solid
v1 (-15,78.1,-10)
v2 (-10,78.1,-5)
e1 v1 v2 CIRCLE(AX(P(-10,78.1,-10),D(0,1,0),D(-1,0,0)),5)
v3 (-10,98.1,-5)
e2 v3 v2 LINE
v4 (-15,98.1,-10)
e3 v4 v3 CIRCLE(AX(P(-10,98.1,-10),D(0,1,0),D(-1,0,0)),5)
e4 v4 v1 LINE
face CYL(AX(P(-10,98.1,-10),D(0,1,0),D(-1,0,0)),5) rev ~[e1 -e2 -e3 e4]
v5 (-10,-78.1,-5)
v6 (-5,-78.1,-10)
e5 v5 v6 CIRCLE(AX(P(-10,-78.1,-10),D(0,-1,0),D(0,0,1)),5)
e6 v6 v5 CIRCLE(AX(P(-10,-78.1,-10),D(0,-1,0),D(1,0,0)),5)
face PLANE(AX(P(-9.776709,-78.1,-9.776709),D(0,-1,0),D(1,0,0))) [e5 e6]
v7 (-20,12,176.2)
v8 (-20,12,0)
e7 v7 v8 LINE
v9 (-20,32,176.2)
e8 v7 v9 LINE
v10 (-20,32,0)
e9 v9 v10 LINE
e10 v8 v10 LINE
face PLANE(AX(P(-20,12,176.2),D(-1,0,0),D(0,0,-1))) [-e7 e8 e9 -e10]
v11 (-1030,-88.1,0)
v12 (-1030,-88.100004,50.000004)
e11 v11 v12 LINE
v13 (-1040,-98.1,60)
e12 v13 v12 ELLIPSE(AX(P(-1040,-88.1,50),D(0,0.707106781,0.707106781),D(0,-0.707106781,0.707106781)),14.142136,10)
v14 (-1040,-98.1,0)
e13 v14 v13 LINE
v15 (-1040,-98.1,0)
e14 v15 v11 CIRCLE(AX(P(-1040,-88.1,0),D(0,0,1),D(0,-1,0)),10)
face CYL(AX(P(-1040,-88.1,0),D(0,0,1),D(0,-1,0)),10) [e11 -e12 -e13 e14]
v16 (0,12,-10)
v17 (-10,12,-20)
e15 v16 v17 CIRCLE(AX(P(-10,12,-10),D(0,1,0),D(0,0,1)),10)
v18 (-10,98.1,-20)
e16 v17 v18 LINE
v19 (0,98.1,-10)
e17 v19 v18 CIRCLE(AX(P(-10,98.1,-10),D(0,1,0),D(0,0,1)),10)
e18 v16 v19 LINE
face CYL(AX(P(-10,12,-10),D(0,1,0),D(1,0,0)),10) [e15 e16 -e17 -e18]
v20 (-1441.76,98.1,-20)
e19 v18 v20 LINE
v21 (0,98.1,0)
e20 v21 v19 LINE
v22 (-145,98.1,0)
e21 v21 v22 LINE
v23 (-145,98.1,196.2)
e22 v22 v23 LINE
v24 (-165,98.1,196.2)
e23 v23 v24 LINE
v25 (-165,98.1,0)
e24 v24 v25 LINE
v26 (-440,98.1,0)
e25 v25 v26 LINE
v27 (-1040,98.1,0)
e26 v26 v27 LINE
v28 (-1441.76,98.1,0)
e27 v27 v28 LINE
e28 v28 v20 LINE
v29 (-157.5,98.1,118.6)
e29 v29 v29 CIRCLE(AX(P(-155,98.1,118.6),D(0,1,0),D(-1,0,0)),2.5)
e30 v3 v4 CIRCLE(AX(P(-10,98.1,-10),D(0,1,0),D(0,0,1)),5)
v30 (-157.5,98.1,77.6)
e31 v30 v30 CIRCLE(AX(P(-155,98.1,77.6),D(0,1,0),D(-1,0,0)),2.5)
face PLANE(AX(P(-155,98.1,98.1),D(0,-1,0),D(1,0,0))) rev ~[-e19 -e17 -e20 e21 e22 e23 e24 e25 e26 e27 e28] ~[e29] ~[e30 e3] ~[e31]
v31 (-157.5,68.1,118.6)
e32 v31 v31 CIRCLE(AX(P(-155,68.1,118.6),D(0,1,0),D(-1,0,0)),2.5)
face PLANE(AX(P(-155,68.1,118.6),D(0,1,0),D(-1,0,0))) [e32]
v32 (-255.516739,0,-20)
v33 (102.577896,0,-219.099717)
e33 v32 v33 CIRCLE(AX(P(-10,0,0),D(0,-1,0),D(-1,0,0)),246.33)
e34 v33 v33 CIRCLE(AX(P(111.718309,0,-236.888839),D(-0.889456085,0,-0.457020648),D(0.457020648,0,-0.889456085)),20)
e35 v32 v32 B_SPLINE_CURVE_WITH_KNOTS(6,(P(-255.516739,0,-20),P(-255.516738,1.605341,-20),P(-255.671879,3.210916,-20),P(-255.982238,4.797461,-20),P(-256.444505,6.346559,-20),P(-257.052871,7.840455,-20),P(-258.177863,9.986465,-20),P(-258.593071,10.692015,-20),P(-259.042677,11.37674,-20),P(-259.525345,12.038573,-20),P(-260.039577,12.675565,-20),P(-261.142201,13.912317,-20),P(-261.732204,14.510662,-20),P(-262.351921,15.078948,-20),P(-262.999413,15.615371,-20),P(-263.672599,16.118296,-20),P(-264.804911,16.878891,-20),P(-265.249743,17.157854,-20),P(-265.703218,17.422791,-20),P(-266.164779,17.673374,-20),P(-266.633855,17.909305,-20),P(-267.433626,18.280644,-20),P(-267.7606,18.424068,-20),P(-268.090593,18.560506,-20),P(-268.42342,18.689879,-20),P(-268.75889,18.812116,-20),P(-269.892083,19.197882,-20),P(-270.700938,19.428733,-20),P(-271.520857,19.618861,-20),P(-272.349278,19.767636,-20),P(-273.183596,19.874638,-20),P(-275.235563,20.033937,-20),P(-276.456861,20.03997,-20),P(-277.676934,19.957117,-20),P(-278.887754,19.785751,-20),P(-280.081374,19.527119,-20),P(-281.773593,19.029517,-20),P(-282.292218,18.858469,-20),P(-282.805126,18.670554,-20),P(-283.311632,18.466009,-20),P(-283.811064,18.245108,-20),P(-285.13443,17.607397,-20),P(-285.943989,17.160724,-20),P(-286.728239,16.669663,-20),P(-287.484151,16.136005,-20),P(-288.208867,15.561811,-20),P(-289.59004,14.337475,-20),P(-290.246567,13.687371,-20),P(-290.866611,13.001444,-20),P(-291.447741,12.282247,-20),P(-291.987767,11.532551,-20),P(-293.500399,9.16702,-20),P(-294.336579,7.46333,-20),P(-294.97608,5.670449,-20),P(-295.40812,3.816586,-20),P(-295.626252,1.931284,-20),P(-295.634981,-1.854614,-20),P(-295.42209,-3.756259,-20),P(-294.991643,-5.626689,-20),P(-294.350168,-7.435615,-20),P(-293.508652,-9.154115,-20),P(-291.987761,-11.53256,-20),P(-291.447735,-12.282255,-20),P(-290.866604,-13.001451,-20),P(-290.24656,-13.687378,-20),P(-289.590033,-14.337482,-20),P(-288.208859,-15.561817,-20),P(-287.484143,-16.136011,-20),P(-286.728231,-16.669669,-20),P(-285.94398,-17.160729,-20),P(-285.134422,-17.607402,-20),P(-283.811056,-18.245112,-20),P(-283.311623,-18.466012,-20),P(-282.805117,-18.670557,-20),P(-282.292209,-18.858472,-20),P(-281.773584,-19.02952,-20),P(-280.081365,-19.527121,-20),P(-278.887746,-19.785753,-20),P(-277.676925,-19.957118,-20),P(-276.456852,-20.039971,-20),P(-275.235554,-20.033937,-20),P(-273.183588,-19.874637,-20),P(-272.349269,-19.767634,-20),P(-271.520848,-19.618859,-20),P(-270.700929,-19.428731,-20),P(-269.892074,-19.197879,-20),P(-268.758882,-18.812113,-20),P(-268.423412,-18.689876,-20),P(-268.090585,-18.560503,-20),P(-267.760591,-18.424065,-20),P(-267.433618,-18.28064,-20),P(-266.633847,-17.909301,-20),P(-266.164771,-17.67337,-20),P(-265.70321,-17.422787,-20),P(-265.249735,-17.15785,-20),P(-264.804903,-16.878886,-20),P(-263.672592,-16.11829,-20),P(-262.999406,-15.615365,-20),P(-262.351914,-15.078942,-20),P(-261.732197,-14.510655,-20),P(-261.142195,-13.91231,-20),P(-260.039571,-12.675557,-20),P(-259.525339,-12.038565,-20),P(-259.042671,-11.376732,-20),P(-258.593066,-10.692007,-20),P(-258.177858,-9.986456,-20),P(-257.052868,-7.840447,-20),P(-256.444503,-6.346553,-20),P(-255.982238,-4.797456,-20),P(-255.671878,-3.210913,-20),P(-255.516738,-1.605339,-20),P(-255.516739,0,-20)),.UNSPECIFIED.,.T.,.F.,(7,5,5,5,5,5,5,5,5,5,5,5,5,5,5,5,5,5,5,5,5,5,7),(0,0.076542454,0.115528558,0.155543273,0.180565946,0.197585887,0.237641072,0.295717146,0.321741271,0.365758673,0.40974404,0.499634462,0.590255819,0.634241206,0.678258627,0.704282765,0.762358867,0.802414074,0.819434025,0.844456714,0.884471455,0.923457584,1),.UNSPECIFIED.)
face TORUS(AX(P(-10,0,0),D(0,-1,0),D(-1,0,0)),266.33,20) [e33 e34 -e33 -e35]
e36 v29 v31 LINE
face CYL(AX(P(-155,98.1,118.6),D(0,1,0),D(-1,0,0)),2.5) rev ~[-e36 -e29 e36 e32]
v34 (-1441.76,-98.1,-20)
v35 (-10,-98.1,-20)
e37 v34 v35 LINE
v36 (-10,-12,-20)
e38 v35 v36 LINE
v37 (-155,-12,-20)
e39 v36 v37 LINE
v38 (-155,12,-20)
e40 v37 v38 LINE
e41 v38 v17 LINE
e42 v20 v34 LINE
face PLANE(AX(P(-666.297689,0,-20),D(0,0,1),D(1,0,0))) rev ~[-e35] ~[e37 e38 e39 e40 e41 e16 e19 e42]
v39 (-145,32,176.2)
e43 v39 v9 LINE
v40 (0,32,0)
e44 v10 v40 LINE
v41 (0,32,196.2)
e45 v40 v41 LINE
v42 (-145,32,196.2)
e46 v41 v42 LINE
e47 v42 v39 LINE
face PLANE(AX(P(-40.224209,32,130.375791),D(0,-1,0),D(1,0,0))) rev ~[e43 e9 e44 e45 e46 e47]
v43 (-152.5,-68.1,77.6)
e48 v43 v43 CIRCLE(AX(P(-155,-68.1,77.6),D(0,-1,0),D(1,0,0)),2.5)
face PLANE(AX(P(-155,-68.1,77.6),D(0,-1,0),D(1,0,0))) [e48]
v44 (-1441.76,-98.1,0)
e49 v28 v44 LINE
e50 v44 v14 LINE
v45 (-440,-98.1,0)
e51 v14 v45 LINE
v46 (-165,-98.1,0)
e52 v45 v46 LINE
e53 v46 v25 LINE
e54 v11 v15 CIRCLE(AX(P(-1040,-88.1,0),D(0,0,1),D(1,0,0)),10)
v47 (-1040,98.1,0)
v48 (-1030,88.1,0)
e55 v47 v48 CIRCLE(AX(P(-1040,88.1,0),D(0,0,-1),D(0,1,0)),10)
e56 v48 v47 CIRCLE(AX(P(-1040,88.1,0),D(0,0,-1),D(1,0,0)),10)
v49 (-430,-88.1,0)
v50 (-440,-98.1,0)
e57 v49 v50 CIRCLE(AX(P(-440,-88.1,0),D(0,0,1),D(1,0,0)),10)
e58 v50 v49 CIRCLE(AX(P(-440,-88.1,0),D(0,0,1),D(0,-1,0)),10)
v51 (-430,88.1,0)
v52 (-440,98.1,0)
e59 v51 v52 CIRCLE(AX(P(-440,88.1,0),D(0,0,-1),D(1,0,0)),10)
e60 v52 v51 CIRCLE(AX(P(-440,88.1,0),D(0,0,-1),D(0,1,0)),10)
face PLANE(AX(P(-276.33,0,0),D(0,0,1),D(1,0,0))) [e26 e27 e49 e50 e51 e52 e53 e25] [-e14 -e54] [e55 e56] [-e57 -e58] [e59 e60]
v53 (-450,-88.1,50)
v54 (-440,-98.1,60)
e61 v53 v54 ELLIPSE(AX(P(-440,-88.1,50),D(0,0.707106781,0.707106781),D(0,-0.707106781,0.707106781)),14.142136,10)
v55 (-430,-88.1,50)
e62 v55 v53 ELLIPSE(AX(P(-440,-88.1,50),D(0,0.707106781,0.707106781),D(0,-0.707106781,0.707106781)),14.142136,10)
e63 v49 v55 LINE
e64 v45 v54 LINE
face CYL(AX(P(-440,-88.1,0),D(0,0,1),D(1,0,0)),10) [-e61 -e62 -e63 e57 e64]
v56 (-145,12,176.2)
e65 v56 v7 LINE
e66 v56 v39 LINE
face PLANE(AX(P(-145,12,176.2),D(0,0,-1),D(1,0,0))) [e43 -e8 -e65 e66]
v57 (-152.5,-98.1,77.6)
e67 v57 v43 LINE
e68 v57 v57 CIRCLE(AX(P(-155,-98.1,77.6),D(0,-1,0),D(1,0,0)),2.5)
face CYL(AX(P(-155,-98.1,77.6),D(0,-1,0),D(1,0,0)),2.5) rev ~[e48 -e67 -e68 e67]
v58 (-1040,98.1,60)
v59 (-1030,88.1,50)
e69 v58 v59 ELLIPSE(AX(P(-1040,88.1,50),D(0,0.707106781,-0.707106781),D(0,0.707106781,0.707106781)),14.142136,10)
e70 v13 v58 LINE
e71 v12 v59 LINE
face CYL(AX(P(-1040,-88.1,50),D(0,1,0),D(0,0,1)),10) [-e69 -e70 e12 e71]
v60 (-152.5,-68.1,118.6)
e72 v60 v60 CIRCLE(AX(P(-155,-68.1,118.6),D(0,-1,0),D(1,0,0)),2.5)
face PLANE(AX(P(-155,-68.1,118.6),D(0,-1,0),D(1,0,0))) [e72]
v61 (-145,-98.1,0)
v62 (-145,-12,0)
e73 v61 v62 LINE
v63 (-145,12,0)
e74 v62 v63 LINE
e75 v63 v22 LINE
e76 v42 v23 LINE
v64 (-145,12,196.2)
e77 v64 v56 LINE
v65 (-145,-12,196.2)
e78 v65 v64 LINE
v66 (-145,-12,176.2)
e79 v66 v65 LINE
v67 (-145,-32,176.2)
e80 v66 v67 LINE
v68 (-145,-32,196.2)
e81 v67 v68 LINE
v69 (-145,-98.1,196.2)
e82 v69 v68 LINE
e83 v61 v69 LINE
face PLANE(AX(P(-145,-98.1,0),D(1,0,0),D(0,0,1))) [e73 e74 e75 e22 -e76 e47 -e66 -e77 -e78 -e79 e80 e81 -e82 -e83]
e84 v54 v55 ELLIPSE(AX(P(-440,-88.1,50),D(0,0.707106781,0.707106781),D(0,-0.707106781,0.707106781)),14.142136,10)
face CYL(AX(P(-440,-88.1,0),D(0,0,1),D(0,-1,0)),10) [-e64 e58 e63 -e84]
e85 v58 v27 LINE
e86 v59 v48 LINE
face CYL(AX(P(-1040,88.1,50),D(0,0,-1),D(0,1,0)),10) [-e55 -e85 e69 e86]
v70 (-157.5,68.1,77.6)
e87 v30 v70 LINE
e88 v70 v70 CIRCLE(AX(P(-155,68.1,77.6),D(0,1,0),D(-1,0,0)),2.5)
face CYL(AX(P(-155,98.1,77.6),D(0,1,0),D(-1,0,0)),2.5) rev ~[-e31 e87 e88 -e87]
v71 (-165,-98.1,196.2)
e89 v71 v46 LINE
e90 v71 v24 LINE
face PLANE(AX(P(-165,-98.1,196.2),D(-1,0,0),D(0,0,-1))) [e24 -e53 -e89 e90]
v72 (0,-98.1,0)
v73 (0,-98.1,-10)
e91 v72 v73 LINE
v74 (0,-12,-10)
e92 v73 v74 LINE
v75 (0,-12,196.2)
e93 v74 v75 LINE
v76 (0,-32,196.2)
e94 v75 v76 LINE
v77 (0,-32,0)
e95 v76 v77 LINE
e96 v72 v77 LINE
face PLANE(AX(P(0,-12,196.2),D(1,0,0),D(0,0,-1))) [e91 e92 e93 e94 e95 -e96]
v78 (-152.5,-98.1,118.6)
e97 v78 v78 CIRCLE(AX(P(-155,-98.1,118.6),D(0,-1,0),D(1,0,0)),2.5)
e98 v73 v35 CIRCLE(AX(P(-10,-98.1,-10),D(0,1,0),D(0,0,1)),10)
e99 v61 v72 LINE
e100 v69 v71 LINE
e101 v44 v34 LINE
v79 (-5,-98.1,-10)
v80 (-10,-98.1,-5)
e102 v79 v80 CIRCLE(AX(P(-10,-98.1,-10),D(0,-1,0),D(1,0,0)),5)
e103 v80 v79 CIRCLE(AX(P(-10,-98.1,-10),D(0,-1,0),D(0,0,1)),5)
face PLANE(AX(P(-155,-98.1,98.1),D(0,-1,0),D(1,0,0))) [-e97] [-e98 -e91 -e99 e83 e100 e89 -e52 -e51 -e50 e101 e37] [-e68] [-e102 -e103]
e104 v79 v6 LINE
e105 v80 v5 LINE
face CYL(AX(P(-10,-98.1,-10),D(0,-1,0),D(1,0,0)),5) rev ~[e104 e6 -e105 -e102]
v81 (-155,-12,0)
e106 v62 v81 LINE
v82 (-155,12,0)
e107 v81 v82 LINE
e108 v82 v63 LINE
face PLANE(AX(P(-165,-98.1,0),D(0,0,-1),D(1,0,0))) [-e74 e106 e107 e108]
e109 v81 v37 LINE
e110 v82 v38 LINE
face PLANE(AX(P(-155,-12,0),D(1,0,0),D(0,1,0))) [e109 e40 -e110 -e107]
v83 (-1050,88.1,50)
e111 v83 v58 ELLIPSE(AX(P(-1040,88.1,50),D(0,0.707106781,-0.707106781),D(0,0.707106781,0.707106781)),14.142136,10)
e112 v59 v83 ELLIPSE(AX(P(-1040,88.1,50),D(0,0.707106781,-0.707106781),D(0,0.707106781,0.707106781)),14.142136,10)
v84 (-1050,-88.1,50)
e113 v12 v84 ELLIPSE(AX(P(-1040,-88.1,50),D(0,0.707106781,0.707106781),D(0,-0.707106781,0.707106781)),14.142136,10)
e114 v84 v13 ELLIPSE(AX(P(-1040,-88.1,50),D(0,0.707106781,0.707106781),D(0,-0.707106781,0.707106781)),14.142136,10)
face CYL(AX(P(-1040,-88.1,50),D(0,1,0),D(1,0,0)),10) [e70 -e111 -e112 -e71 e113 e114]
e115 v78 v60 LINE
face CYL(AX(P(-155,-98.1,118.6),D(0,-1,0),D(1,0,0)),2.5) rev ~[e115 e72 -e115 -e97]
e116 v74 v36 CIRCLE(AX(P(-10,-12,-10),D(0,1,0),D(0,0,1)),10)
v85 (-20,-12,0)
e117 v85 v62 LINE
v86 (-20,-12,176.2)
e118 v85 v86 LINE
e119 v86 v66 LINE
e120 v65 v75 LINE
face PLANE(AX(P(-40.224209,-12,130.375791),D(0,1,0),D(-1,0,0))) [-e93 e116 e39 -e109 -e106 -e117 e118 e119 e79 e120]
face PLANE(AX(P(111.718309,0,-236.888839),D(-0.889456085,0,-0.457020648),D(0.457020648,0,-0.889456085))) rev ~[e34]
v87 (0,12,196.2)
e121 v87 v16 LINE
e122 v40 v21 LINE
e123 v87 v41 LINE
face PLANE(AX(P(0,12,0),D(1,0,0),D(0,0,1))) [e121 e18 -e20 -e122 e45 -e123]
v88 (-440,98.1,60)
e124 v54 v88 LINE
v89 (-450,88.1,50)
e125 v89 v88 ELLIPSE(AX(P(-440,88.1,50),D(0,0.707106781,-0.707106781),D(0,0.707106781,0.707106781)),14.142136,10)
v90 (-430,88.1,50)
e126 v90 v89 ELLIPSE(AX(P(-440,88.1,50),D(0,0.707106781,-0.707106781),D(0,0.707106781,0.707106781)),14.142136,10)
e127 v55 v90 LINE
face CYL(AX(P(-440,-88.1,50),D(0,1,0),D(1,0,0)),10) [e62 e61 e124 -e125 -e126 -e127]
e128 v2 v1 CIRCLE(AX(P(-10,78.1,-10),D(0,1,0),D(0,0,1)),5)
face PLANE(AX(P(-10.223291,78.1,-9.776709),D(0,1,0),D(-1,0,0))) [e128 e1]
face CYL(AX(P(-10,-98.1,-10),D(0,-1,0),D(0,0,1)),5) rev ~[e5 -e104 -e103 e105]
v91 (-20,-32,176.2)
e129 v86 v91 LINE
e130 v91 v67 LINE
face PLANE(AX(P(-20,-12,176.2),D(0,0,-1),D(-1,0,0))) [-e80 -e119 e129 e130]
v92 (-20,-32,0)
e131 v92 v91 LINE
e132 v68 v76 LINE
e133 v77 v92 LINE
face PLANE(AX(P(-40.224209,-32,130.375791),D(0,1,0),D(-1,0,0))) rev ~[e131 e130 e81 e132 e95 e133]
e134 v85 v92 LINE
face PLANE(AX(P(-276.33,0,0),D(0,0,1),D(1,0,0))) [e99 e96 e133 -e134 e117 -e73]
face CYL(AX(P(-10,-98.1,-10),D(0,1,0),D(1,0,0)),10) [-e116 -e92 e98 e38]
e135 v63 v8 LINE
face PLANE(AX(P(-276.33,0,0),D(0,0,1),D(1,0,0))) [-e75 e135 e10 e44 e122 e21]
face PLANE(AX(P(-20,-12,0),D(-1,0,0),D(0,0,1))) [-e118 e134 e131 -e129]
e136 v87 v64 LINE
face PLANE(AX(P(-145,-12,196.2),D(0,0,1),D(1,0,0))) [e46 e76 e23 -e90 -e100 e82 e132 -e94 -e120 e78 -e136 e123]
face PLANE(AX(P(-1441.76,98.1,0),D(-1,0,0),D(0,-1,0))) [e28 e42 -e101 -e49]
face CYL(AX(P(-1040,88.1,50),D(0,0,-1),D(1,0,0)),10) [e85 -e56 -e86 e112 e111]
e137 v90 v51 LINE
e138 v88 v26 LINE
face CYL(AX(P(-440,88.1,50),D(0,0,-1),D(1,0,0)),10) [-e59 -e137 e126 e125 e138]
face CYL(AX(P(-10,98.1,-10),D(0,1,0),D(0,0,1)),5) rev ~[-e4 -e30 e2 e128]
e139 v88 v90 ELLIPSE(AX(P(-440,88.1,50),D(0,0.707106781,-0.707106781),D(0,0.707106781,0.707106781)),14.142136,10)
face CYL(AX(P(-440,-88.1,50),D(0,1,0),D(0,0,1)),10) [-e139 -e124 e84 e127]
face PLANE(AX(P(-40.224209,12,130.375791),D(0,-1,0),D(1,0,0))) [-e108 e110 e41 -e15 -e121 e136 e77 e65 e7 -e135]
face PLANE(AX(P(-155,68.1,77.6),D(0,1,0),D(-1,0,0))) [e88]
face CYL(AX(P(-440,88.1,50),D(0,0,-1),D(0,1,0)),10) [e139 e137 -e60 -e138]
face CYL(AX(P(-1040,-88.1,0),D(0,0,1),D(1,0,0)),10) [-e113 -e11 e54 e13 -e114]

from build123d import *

# Parameters (mm, degrees)
F1_DEPTH  = 20
F2_R      = 10
F5_R      = 20
F9_DEPTH  = 196.2
F11_R     = 2.5
F12_DEPTH = 30
F14_R     = 2.5
F15_DEPTH = 30
F18_DEPTH = 20
F21_DEPTH = 20
F23_DEPTH = 20
F26_DEPTH = 20


with BuildPart() as f1:
    # F0 (on Top) → F1 (new body)
    with BuildSketch(Plane.XY):
        Polygon((0, -98.1), (0, -12), (-155, -12), (-155, 0), (-155, 12), (0, 12), (0, 98.1), (-1441.76, 98.1), (-1441.76, -98.1), align=None)
    extrude(amount=-F1_DEPTH)

    # F2
    f2_edges = [f1.edges().sort_by_distance(p)[0] for p in [
        (0, -55.05, -20),
        (0, 55.05, -20),
    ]]
    fillet(f2_edges, radius=F2_R)

    # F6: sweep along a path in F4
    with BuildLine(Plane.XZ) as f6_path:
        ThreePointArc((-276.33, 0), (-148.7703707389, -227.3201555186), (111.7183092779, -236.8888390924))
    # F5 (on Top) → F6 (sweep)
    with BuildSketch(Plane.XY):
        with Locations((-276.33, 0)):
            Circle(F5_R)
    sweep(path=f6_path.line)

    # F8 (on offset) → F9 (join)
    with BuildSketch(Plane.XZ.offset(98.1)):
        Polygon((-155, 0), (-145, 0), (-145, 196.2), (-155, 196.2), (-165, 196.2), (-165, 0), align=None)
    extrude(amount=-F9_DEPTH)

    # F11 (on offset) → F12 (cut)
    with BuildSketch(Plane.XZ.offset(98.1)):
        with Locations((-155, 118.6)):
            Circle(F11_R)
        with Locations((-155, 77.6)):
            Circle(F11_R)
    extrude(amount=-F12_DEPTH, mode=Mode.SUBTRACT)

    # F14 (on offset) → F15 (cut)
    with BuildSketch(Plane(origin=(0, 98.1, 0), x_dir=(-1, 0, 0), z_dir=(0, 1, 0))):
        with Locations((155, 118.6)):
            Circle(F14_R)
        with Locations((155, 77.6)):
            Circle(F14_R)
    extrude(amount=-F15_DEPTH, mode=Mode.SUBTRACT)

    # F17 (on offset) → F18 (join)
    with BuildSketch(Plane.XZ.offset(-12)):
        Polygon((-20, 0), (0, 0), (0, 196.2), (-145, 196.2), (-145, 176.2), (-20, 176.2), align=None)
    extrude(amount=-F18_DEPTH)

    # F20 (on offset) → F21 (join)
    with BuildSketch(Plane(origin=(0, -12, 0), x_dir=(-1, 0, 0), z_dir=(0, 1, 0))):
        Polygon((0, 196.2), (0, 0), (20, 0), (20, 176.2), (145, 176.2), (145, 196.2), align=None)
    extrude(amount=-F21_DEPTH)

    # F22 (on offset) → F23 (cut)
    with BuildSketch(Plane.XZ.offset(98.1)):
        with BuildLine():
            ThreePointArc((-10, -5), (-13.5355339059, -13.5355339059), (-5, -10))
            ThreePointArc((-5, -10), (-6.4644660941, -6.4644660941), (-10, -5))
        make_face()
    extrude(amount=-F23_DEPTH, mode=Mode.SUBTRACT)

    # F25 (on offset) → F26 (cut)
    with BuildSketch(Plane(origin=(0, 98.1, 0), x_dir=(-1, 0, 0), z_dir=(0, 1, 0))):
        with BuildLine():
            ThreePointArc((10, -5), (6.4644660941, -13.5355339059), (15, -10))
            ThreePointArc((15, -10), (13.5355339059, -6.4644660941), (10, -5))
        make_face()
    extrude(amount=-F26_DEPTH, mode=Mode.SUBTRACT)

    # F29: sweep along a path in F28
    with BuildLine(Plane(origin=(-440, 0, 0), x_dir=(0, -1, 0), z_dir=(-1, 0, 0))) as f29_path:
        Line((88.1, 0), (88.1, 50))
        Line((88.1, 50), (-88.1, 50))
        Line((-88.1, 50), (-88.1, 0))
    # F3 (on Top) → F29 (sweep)
    with BuildSketch(Plane.XY):
        with BuildLine():
            ThreePointArc((-440, -98.1), (-432.9289321881, -95.1710678119), (-430, -88.1))
            ThreePointArc((-430, -88.1), (-447.0710678119, -81.0289321881), (-440, -98.1))
        make_face()
    sweep(path=f29_path.line, transition=Transition.RIGHT)

    # F32: sweep along a path in F31
    with BuildLine(Plane(origin=(-1040, 0, 0), x_dir=(0, -1, 0), z_dir=(-1, 0, 0))) as f32_path:
        Line((88.1, 0), (88.1, 50))
        Line((88.1, 50), (-88.1, 50))
        Line((-88.1, 50), (-88.1, 0))
    # F3 (on Top) → F32 (sweep)
    with BuildSketch(Plane.XY):
        with BuildLine():
            ThreePointArc((-1040, -98.1), (-1032.9289321881, -95.1710678119), (-1030, -88.1))
            ThreePointArc((-1030, -88.1), (-1047.0710678119, -81.0289321881), (-1040, -98.1))
        make_face()
    sweep(path=f32_path.line, transition=Transition.RIGHT)


solid = f1.part
